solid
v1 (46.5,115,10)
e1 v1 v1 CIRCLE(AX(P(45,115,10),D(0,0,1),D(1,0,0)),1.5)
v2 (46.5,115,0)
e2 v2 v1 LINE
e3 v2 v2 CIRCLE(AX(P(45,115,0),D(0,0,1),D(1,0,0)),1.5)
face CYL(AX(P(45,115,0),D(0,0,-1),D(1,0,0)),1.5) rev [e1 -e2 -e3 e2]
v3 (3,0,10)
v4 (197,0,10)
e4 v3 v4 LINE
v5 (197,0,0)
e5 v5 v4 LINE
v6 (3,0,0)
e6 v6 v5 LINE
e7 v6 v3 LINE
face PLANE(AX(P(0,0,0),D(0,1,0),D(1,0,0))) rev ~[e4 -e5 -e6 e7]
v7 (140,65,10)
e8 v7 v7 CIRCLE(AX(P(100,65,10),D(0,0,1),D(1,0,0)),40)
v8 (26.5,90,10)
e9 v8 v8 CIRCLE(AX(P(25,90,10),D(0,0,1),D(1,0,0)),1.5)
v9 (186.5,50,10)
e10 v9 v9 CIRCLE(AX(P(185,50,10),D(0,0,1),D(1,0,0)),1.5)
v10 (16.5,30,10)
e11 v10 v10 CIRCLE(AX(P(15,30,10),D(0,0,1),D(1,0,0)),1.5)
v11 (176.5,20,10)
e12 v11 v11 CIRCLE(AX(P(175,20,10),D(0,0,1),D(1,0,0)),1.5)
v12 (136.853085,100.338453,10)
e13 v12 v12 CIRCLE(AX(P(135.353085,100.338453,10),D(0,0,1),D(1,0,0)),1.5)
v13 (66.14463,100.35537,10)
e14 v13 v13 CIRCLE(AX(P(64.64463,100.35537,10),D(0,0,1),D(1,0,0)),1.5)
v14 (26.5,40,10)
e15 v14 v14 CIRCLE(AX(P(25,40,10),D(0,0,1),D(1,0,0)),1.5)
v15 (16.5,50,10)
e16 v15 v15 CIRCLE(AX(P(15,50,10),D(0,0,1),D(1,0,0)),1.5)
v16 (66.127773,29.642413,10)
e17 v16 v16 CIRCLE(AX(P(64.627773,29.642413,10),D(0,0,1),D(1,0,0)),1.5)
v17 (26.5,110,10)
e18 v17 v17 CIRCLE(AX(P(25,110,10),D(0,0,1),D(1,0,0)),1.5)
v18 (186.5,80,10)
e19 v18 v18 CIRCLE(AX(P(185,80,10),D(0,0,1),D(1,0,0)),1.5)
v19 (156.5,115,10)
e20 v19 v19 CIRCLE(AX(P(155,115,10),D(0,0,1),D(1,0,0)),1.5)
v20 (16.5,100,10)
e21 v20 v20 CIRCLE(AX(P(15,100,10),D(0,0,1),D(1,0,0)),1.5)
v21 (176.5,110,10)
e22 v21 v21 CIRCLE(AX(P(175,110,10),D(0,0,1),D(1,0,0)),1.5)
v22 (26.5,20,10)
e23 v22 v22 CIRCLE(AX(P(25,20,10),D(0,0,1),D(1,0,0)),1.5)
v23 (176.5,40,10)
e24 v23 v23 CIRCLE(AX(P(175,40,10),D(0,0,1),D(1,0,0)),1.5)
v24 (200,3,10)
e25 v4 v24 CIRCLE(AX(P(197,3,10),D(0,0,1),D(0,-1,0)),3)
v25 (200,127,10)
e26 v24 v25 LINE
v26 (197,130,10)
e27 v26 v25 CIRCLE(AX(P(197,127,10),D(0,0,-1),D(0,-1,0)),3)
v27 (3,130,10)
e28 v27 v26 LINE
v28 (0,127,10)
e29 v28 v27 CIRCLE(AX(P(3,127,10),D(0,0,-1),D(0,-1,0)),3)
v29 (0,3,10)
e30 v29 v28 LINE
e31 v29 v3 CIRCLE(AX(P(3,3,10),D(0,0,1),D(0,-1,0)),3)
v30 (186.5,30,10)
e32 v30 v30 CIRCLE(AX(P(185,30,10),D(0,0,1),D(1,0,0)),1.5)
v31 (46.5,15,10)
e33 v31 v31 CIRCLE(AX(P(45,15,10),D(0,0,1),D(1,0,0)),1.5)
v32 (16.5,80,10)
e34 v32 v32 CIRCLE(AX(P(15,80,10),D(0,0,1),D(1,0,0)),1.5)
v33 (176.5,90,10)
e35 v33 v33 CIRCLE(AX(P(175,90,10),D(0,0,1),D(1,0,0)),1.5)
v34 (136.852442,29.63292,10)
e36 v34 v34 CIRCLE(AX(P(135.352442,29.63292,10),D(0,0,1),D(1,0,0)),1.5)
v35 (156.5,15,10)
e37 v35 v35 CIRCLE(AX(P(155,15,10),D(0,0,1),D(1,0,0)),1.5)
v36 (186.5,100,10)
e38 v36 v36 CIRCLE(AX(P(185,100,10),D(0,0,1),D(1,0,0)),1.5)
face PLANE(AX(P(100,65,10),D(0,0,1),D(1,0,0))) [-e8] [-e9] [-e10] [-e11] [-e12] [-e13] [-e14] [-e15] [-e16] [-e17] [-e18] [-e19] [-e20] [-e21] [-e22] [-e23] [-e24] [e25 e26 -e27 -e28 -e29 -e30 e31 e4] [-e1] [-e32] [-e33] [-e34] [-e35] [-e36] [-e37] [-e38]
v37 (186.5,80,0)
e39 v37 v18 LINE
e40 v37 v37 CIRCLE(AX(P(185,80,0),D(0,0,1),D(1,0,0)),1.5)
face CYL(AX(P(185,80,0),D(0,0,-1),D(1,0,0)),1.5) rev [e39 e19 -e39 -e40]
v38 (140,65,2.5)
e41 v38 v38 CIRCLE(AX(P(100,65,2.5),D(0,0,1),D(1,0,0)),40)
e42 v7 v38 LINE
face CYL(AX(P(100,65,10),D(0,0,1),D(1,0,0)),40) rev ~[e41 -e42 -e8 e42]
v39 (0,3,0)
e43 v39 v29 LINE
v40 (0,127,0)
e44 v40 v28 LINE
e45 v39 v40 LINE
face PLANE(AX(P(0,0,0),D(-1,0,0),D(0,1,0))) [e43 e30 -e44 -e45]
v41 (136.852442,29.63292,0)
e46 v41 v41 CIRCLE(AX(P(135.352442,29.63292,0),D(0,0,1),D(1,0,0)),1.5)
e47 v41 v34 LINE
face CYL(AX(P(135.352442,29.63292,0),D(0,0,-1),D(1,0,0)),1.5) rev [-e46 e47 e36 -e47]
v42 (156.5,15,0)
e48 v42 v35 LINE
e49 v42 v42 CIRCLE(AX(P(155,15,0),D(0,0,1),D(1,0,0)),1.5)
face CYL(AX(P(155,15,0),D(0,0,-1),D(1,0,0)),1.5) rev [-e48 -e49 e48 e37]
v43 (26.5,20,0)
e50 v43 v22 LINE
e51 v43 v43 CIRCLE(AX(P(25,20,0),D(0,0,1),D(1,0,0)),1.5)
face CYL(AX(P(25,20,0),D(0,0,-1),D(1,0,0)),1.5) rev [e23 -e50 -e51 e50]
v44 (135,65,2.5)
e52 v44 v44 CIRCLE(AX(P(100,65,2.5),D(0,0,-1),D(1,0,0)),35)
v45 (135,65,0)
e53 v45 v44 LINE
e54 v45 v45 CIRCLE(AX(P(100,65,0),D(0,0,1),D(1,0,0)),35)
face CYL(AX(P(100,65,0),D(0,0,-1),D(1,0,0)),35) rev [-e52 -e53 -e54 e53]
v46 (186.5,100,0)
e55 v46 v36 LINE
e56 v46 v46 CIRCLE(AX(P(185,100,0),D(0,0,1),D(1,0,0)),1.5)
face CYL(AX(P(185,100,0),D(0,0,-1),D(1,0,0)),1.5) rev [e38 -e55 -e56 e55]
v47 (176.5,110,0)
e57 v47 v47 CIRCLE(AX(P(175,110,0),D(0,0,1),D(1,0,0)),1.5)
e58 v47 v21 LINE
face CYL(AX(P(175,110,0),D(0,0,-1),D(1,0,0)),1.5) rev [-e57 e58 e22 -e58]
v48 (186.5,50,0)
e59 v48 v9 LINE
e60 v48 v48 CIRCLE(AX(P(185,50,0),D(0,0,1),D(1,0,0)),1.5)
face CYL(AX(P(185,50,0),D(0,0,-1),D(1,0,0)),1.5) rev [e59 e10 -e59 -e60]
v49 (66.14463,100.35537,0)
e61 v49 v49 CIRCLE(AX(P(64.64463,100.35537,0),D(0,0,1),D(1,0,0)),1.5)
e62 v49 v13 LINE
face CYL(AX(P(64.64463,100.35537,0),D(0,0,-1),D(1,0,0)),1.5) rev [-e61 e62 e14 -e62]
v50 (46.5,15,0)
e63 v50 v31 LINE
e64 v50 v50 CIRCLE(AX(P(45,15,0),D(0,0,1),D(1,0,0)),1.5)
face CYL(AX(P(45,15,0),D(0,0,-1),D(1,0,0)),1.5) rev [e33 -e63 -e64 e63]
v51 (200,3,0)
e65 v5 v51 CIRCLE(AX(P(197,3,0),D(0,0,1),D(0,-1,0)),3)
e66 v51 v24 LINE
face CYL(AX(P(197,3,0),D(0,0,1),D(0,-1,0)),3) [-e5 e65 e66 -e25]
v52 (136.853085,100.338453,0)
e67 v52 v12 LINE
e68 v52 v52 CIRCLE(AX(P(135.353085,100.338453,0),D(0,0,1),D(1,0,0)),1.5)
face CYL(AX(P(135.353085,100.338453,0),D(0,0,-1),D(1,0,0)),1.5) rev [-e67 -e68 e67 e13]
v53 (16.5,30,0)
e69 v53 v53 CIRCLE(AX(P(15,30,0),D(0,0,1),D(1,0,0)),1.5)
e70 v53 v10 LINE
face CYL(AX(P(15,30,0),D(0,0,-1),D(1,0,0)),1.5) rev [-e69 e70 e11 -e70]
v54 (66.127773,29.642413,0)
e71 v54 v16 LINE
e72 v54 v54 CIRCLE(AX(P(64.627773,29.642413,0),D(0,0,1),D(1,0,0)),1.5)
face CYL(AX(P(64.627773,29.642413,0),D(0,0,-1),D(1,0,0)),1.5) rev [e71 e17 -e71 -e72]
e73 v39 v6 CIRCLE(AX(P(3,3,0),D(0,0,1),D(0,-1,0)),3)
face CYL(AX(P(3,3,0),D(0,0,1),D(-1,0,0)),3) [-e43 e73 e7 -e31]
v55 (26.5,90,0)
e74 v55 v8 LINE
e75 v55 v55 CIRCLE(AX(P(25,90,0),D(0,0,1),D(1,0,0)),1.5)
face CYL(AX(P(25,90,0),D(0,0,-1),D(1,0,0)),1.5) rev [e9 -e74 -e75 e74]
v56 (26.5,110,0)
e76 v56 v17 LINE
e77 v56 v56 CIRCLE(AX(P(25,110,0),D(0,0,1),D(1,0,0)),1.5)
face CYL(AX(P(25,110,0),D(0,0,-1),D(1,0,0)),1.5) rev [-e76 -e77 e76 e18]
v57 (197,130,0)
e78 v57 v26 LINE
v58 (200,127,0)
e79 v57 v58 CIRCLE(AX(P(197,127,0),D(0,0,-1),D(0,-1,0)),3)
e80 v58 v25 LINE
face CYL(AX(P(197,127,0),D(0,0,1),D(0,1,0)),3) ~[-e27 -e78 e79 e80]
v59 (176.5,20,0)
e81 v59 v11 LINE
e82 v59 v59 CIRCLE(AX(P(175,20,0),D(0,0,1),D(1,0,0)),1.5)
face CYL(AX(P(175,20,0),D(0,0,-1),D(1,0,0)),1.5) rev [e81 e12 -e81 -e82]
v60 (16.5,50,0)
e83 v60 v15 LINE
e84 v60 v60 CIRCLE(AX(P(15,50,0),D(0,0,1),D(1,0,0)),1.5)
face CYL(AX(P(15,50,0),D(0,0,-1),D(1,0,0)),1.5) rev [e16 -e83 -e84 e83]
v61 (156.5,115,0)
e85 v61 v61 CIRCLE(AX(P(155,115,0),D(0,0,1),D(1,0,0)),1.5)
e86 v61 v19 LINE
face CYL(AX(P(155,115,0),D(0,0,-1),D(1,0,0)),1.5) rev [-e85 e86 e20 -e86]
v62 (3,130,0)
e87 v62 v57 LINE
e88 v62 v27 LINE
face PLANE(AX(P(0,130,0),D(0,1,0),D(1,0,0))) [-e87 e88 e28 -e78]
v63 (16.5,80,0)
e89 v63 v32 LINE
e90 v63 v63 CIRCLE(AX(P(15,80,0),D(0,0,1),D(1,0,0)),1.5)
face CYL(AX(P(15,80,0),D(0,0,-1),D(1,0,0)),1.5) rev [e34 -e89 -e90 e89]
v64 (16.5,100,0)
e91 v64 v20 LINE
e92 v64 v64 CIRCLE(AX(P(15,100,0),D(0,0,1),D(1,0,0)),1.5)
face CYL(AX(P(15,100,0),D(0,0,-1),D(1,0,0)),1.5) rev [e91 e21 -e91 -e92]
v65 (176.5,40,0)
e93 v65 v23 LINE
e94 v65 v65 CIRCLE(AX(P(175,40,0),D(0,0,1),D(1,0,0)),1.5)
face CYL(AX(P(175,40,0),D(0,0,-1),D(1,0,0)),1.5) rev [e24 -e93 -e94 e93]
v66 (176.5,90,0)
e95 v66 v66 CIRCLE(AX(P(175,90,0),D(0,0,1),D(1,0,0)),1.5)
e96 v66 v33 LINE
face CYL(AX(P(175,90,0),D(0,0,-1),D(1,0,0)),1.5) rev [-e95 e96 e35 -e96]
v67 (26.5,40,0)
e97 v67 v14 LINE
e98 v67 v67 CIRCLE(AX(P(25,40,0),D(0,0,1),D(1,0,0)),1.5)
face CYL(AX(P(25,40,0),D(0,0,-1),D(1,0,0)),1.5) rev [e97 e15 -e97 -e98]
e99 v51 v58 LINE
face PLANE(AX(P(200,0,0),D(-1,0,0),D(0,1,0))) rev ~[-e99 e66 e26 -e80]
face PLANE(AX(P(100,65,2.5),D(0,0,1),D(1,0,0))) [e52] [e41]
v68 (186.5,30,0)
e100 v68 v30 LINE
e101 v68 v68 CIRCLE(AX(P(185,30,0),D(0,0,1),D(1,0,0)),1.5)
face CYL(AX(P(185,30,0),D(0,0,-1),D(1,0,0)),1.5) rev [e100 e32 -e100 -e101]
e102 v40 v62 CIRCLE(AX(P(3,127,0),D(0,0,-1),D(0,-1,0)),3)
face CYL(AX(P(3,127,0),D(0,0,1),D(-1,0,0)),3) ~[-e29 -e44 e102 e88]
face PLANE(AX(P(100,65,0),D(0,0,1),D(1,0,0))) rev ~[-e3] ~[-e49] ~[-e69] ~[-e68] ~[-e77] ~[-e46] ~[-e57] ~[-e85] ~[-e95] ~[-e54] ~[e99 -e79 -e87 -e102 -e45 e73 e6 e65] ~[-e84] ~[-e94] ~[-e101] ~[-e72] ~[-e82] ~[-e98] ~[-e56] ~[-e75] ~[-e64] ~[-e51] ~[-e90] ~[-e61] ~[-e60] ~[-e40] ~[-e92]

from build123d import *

# Parameters (mm, degrees)
SKETCH_W     = 200
SKETCH_H     = 130
SKETCH_R     = 35
SKETCH_R_2   = 1.5
PAD_DEPTH    = 10
SKETCH001_R  = 40
POCKET_DEPTH = 7.5
FILLET_R     = 3


with BuildPart() as part:
    # Sketch → Pad (new body)
    with BuildSketch(Plane.XY):
        with Locations((100, 65)):
            Rectangle(SKETCH_W, SKETCH_H)
        with Locations((100, 65)):
            Circle(SKETCH_R, mode=Mode.SUBTRACT)
        with Locations((45, 115)):
            Circle(SKETCH_R_2, mode=Mode.SUBTRACT)
        with Locations((45, 15)):
            Circle(SKETCH_R_2, mode=Mode.SUBTRACT)
        with Locations((155, 115)):
            Circle(SKETCH_R_2, mode=Mode.SUBTRACT)
        with Locations((155, 15)):
            Circle(SKETCH_R_2, mode=Mode.SUBTRACT)
        with Locations((185, 30)):
            Circle(SKETCH_R_2, mode=Mode.SUBTRACT)
        with Locations((135.353085, 100.338453)):
            Circle(SKETCH_R_2, mode=Mode.SUBTRACT)
        with Locations((64.627773, 29.642413)):
            Circle(SKETCH_R_2, mode=Mode.SUBTRACT)
        with Locations((64.64463, 100.35537)):
            Circle(SKETCH_R_2, mode=Mode.SUBTRACT)
        with Locations((135.352442, 29.63292)):
            Circle(SKETCH_R_2, mode=Mode.SUBTRACT)
        with Locations((175, 20)):
            Circle(SKETCH_R_2, mode=Mode.SUBTRACT)
        with Locations((175, 40)):
            Circle(SKETCH_R_2, mode=Mode.SUBTRACT)
        with Locations((185, 50)):
            Circle(SKETCH_R_2, mode=Mode.SUBTRACT)
        with Locations((175, 90)):
            Circle(SKETCH_R_2, mode=Mode.SUBTRACT)
        with Locations((175, 110)):
            Circle(SKETCH_R_2, mode=Mode.SUBTRACT)
        with Locations((185, 80)):
            Circle(SKETCH_R_2, mode=Mode.SUBTRACT)
        with Locations((185, 100)):
            Circle(SKETCH_R_2, mode=Mode.SUBTRACT)
        with Locations((15, 30)):
            Circle(SKETCH_R_2, mode=Mode.SUBTRACT)
        with Locations((25, 20)):
            Circle(SKETCH_R_2, mode=Mode.SUBTRACT)
        with Locations((25, 40)):
            Circle(SKETCH_R_2, mode=Mode.SUBTRACT)
        with Locations((15, 50)):
            Circle(SKETCH_R_2, mode=Mode.SUBTRACT)
        with Locations((25, 90)):
            Circle(SKETCH_R_2, mode=Mode.SUBTRACT)
        with Locations((25, 110)):
            Circle(SKETCH_R_2, mode=Mode.SUBTRACT)
        with Locations((15, 80)):
            Circle(SKETCH_R_2, mode=Mode.SUBTRACT)
        with Locations((15, 100)):
            Circle(SKETCH_R_2, mode=Mode.SUBTRACT)
    extrude(amount=PAD_DEPTH)

    # Sketch001 (on Face31 of Pad) → Pocket (cut)
    with BuildSketch(Plane.XY.offset(10)):
        with Locations((100, 65)):
            Circle(SKETCH001_R)
    extrude(amount=-POCKET_DEPTH, mode=Mode.SUBTRACT)

    # Fillet
    fillet_edges = [part.edges().sort_by_distance(p)[0] for p in [
        (200, 0, 5),
        (200, 130, 5),
        (0, 0, 5),
        (0, 130, 5),
    ]]
    fillet(fillet_edges, radius=FILLET_R)


solid = part.part
